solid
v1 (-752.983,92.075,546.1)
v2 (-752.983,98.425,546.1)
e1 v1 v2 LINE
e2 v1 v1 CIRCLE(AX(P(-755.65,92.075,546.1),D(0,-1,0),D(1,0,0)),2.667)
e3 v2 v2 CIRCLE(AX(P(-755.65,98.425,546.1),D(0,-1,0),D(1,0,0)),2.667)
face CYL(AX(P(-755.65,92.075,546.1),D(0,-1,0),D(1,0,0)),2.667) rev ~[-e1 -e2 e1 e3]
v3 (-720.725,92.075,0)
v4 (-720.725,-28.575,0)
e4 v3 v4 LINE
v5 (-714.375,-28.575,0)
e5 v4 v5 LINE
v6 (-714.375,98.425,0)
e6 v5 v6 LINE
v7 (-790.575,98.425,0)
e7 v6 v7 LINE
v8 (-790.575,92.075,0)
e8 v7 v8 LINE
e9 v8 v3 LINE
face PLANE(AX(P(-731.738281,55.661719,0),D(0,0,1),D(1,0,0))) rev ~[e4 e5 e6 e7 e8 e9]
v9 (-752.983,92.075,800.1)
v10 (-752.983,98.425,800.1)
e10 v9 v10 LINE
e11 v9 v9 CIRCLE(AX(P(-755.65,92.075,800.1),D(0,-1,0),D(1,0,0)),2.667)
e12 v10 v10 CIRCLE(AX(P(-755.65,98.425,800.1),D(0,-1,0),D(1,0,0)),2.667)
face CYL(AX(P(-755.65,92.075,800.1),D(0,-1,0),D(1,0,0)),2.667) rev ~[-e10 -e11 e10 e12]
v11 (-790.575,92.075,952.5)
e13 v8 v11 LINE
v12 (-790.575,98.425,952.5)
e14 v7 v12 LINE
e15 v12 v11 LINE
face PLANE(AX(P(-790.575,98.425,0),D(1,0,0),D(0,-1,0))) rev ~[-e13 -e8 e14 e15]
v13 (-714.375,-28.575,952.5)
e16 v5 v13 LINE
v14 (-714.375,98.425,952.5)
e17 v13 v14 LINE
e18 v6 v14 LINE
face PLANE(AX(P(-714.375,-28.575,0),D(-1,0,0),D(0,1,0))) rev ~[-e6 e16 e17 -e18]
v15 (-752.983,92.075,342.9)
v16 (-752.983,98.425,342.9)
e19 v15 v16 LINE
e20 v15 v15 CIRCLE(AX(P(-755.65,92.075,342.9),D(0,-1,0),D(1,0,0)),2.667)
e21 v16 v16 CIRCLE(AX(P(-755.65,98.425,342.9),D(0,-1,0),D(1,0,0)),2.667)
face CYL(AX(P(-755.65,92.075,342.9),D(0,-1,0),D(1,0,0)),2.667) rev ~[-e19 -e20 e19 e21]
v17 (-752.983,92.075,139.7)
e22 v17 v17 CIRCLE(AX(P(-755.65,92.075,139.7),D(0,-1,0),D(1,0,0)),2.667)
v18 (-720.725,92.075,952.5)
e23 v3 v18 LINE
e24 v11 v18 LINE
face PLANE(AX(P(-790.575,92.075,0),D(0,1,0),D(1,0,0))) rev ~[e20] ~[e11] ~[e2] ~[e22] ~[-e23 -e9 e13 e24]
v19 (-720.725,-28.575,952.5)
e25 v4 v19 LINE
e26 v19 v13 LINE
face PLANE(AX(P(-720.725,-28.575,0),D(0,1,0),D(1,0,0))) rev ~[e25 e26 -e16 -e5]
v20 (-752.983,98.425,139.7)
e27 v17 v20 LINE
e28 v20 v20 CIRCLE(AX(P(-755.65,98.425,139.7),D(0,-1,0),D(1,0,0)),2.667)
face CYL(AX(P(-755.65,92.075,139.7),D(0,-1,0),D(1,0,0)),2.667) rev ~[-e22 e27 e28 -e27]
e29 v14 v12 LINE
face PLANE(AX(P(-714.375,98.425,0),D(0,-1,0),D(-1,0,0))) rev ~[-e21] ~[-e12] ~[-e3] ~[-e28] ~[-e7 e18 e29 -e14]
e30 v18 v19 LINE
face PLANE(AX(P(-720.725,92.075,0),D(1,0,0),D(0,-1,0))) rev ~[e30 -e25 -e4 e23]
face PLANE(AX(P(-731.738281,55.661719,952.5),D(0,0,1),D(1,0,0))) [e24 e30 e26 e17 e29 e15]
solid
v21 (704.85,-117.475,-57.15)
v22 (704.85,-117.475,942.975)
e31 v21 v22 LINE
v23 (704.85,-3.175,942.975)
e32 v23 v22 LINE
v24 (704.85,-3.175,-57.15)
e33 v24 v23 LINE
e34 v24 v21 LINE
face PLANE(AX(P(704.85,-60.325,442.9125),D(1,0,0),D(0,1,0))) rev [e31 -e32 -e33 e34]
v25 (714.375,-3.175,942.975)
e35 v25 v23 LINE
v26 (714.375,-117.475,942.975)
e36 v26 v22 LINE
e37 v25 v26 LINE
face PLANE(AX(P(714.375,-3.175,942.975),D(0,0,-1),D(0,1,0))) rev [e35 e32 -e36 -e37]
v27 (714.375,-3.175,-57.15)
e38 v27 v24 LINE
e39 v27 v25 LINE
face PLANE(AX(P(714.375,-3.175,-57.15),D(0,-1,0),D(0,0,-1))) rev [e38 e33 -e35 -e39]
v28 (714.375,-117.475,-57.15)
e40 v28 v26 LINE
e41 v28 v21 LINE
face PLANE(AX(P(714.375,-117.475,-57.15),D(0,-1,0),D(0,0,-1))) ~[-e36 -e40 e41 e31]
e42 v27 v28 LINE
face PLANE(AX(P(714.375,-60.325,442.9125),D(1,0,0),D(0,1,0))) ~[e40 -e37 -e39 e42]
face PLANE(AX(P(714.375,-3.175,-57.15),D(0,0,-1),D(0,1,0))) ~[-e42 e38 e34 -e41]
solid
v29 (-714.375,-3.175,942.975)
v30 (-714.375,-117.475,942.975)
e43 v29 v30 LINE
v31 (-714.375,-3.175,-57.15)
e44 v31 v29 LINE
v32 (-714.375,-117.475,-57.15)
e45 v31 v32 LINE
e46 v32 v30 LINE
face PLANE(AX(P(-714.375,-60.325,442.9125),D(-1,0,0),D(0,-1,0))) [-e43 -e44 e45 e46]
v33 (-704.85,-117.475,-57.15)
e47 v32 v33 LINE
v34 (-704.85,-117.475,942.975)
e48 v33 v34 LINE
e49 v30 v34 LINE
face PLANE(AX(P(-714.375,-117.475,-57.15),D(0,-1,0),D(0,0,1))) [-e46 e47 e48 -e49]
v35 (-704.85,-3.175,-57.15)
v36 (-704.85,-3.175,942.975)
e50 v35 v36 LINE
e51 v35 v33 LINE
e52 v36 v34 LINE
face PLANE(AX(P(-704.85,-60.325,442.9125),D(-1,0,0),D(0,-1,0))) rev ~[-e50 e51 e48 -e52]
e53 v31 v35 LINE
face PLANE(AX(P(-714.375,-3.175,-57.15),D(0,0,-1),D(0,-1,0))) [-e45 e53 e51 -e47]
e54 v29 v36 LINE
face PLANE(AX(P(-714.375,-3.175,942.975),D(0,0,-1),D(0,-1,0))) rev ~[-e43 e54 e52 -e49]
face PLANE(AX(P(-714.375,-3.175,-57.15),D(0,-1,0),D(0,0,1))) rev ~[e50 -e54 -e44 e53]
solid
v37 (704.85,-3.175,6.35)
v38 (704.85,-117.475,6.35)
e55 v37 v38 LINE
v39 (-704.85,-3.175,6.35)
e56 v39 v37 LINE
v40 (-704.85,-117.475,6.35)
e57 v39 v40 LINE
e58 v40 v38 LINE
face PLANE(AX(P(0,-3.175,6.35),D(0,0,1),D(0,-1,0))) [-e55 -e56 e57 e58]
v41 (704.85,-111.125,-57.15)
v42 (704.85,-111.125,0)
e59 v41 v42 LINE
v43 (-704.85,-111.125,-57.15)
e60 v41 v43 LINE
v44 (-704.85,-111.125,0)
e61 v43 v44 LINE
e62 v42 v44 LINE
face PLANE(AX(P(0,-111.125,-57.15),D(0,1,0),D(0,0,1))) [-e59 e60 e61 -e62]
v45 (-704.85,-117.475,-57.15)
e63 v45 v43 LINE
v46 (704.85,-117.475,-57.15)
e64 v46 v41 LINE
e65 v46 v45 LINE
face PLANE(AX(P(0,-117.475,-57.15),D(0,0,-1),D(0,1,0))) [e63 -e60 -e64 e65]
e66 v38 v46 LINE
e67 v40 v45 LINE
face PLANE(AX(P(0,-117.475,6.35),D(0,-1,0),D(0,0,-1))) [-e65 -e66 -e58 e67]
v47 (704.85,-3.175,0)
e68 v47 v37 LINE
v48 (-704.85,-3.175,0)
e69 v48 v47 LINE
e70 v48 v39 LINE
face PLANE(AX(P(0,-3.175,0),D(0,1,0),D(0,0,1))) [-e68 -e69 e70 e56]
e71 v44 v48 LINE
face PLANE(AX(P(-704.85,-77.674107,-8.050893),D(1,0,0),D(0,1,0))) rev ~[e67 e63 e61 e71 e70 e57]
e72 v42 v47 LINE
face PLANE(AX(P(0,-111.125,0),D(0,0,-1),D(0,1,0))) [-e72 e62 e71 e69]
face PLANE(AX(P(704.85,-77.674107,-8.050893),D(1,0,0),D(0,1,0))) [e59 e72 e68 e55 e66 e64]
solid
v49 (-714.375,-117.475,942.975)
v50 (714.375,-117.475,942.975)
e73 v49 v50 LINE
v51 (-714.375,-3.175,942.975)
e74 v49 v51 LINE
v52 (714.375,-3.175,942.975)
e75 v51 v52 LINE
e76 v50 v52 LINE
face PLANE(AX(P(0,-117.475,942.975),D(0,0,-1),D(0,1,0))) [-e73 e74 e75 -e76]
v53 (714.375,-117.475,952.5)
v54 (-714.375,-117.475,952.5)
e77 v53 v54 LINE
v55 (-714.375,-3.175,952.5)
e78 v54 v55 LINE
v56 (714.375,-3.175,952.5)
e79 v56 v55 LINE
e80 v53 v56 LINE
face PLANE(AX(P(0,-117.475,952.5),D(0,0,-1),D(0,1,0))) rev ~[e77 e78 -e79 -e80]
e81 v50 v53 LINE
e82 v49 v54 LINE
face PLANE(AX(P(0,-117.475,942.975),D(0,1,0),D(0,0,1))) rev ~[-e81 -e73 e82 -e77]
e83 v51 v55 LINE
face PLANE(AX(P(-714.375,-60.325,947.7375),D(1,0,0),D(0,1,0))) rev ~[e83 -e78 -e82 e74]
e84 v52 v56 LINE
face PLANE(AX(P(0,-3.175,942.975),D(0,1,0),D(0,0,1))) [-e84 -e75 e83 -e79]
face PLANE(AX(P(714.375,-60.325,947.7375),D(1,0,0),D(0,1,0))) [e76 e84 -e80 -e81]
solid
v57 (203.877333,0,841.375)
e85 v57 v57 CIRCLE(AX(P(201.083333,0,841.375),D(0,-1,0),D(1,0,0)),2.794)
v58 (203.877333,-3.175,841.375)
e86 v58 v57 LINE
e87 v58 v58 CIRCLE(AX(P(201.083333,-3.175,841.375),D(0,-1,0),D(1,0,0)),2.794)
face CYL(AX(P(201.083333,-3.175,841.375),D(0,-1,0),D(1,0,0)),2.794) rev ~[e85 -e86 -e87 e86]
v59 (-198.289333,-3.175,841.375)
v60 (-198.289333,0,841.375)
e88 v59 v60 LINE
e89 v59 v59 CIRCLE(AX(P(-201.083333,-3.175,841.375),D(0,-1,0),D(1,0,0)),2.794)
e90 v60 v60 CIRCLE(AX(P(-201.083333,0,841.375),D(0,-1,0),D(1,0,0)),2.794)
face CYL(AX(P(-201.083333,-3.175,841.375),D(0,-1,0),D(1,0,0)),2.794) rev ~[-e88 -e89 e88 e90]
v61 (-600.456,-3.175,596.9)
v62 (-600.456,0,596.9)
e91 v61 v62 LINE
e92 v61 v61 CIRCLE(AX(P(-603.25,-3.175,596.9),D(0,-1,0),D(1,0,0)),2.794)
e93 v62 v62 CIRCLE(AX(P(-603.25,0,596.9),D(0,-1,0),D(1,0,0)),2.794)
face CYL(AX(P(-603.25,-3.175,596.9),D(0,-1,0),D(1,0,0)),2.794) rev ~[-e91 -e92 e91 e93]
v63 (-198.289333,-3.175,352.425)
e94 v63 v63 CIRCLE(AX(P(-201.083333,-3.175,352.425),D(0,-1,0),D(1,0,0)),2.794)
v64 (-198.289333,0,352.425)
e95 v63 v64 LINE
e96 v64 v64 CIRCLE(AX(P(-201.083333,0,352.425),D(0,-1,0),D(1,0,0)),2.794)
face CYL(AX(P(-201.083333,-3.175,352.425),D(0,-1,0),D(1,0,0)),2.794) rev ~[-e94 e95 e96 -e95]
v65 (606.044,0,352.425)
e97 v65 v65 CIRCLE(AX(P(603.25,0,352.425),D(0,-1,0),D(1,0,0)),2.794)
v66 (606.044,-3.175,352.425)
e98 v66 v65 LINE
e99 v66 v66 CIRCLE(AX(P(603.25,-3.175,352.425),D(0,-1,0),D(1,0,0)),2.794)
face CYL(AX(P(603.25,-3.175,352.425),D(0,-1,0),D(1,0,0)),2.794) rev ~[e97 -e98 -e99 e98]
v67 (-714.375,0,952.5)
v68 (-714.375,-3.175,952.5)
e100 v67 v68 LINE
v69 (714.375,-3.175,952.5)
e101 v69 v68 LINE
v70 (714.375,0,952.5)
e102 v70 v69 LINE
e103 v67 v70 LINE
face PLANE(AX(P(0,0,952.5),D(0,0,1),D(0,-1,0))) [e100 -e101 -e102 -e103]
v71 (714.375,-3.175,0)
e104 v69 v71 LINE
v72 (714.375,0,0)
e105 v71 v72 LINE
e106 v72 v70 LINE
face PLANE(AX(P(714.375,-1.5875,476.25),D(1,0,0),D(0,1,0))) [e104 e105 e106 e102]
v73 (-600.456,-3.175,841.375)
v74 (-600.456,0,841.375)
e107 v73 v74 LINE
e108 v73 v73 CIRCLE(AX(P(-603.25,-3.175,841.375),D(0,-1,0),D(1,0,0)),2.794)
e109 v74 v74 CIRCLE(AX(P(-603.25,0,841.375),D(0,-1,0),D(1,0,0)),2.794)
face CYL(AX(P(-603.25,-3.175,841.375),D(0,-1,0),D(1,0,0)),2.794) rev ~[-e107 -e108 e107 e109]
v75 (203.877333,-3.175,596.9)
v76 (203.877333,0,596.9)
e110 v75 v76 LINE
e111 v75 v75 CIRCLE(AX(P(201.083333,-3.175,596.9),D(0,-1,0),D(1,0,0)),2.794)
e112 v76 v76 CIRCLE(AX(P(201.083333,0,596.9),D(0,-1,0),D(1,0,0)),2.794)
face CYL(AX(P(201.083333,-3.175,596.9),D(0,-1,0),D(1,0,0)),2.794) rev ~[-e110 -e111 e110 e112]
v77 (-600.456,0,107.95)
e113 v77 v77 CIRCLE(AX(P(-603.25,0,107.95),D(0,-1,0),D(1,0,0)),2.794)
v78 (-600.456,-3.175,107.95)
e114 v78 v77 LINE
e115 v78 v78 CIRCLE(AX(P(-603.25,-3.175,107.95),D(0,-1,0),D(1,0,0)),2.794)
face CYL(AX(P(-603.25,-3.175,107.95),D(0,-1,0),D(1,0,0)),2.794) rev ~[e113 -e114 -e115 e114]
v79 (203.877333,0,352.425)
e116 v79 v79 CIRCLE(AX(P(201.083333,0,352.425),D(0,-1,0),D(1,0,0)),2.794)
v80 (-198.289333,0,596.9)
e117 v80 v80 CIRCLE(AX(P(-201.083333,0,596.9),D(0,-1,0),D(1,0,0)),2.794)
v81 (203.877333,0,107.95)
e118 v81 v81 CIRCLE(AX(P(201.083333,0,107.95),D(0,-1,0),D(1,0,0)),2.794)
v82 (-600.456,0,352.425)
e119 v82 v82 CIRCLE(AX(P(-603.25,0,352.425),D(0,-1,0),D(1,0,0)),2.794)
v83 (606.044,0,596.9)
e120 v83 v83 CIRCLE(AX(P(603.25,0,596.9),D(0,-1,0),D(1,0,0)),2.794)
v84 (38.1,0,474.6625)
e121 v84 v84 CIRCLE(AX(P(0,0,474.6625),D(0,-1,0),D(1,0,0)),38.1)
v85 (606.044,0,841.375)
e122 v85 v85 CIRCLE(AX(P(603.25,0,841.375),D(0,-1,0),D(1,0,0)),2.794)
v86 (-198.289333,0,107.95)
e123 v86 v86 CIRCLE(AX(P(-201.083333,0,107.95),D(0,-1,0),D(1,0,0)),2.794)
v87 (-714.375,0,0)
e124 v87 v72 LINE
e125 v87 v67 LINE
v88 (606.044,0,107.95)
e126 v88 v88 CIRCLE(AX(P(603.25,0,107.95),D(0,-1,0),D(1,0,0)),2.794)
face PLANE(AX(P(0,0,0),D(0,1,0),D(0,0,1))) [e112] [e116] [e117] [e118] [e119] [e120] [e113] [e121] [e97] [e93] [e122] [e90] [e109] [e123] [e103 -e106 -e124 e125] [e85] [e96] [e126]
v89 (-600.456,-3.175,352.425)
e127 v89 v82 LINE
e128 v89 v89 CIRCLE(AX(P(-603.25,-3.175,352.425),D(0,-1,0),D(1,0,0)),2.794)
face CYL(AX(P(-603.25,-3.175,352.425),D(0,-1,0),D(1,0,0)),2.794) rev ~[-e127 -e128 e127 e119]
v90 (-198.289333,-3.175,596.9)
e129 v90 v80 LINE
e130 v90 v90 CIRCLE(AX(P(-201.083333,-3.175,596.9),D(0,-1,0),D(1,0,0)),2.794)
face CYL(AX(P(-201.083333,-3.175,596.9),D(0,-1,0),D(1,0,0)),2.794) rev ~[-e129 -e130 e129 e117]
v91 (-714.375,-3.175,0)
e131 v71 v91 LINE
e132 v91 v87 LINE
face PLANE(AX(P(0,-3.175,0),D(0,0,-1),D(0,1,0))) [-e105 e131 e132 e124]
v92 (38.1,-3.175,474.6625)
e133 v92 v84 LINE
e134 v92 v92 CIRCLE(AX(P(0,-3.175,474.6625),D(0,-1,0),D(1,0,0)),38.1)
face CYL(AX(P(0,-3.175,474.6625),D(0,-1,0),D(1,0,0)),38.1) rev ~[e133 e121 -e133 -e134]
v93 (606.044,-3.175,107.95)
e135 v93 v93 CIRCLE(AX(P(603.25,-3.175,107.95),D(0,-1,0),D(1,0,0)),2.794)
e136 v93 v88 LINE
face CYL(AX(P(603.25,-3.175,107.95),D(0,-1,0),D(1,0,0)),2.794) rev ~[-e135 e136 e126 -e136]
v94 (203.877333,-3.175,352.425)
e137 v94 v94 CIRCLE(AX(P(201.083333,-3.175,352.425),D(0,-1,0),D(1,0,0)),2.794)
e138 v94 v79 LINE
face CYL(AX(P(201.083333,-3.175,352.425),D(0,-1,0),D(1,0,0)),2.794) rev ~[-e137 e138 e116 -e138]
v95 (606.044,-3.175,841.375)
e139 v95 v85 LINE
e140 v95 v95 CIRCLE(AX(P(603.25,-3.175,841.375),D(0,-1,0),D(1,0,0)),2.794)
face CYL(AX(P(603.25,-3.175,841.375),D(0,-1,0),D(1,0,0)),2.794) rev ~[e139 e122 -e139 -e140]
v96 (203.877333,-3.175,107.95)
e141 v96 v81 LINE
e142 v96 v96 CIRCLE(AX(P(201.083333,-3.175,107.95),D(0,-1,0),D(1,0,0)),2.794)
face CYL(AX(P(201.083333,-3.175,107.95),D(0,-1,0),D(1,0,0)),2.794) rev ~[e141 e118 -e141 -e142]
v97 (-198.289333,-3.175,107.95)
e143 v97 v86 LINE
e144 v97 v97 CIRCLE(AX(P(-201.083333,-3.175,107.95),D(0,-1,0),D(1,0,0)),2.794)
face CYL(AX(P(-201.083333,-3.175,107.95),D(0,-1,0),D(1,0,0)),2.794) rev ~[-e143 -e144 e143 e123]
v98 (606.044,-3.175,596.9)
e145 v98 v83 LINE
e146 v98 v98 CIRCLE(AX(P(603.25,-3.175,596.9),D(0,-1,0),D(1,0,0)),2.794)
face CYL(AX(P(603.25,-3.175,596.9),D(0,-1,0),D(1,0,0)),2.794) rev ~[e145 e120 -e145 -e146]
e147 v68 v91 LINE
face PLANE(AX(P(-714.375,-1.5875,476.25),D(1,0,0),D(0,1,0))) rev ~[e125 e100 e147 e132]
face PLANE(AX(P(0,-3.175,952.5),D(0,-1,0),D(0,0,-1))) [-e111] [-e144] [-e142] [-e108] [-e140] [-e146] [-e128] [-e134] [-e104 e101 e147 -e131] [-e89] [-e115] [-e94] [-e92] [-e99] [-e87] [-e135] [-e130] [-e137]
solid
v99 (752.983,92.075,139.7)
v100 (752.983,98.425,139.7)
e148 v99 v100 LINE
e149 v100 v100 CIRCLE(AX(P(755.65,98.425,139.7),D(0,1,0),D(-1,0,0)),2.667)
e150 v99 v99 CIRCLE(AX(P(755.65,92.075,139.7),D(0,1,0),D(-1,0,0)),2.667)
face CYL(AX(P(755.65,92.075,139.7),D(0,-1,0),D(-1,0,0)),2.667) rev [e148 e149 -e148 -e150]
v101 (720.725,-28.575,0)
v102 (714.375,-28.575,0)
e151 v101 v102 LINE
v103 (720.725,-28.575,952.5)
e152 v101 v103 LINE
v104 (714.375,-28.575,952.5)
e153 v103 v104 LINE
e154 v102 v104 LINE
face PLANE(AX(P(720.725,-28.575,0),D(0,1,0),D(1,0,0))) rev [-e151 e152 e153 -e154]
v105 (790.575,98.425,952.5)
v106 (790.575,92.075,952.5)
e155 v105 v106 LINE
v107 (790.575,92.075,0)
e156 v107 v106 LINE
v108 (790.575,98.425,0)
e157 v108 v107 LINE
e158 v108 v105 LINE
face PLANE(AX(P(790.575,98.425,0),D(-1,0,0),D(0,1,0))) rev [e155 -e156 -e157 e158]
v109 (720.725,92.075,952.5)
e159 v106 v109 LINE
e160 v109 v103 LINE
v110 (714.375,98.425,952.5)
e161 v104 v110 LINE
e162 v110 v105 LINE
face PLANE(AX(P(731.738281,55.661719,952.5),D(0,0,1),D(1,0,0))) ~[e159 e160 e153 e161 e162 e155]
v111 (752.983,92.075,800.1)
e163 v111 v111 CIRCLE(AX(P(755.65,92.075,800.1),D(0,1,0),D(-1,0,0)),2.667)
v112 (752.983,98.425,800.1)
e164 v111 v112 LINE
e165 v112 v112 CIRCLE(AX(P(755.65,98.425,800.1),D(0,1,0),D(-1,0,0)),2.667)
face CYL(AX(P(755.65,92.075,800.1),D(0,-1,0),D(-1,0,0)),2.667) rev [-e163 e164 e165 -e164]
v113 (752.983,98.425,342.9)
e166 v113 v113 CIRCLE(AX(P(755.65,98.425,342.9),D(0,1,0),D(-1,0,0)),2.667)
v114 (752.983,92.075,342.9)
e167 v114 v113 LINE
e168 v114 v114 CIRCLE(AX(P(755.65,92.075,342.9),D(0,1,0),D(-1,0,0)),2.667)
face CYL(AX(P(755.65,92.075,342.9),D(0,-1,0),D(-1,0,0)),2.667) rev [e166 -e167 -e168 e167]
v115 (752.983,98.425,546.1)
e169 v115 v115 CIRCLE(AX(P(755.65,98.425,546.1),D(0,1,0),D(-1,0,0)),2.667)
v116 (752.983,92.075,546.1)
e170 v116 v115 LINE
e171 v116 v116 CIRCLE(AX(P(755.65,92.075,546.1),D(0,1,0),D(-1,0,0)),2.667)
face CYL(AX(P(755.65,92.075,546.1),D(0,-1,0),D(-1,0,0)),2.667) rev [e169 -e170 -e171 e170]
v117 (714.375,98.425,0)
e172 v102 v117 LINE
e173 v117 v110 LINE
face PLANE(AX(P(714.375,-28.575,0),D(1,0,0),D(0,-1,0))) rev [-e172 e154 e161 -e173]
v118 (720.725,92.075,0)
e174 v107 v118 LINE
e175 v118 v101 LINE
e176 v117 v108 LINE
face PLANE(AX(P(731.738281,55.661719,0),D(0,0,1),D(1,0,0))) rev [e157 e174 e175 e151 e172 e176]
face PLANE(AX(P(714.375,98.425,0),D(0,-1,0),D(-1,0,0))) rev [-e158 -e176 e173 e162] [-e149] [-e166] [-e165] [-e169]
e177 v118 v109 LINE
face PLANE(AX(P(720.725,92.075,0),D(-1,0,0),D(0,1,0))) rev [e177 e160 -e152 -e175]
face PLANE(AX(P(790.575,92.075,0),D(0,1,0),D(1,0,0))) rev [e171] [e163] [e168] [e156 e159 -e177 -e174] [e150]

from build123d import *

# Parameters (mm, degrees)
F2_DEPTH  = 714.375
F1_W      = 114.3
F1_H      = 9.525
F3_DEPTH  = 714.375
F4_DEPTH  = 704.85
F5_W      = 114.3
F5_H      = 1000.125
F6_DEPTH  = 9.525
F8_R      = 2.794
F8_R_2    = 38.1
F9_DEPTH  = 3.176
F11_DEPTH = 952.5
F12_R     = 2.667
F13_DEPTH = 6.351


with BuildPart() as f2:
    # F1 (on Right) → F2 (new body, symmetric)
    with BuildSketch(Plane.YZ):
        Polygon((-3.175, 0), (0, 0), (0, 952.5), (-3.175, 952.5), (-3.175, 942.975), (-3.175, 6.35), align=None)
    extrude(amount=F2_DEPTH, both=True)

    # F8 (on face) → F9 (cut, through all)
    with BuildSketch(Plane.XZ.offset(3.175)):
        with Locations((-603.25, 841.375)):
            Circle(F8_R)
        with Locations((-201.0833333333, 841.375)):
            Circle(F8_R)
        with Locations((201.0833333333, 841.375)):
            Circle(F8_R)
        with Locations((603.25, 841.375)):
            Circle(F8_R)
        with Locations((603.25, 596.9)):
            Circle(F8_R)
        with Locations((603.25, 352.425)):
            Circle(F8_R)
        with Locations((603.25, 107.95)):
            Circle(F8_R)
        with Locations((201.0833333333, 107.95)):
            Circle(F8_R)
        with Locations((201.0833333333, 596.9)):
            Circle(F8_R)
        with Locations((201.0833333333, 352.425)):
            Circle(F8_R)
        with Locations((-201.0833333333, 352.425)):
            Circle(F8_R)
        with Locations((-201.0833333333, 596.9)):
            Circle(F8_R)
        with Locations((-201.0833333333, 107.95)):
            Circle(F8_R)
        with Locations((-603.25, 107.95)):
            Circle(F8_R)
        with Locations((-603.25, 596.9)):
            Circle(F8_R)
        with Locations((-603.25, 352.425)):
            Circle(F8_R)
        with Locations((0, 474.6625)):
            Circle(F8_R_2)
    extrude(amount=-F9_DEPTH, mode=Mode.SUBTRACT)


with BuildPart() as f3:
    # F1 (on Right) → F3 (new body, symmetric)
    with BuildSketch(Plane.YZ):
        with Locations((-60.325, 947.7375)):
            Rectangle(F1_W, F1_H)
    extrude(amount=F3_DEPTH, both=True)


with BuildPart() as f4:
    # F1 (on Right) → F4 (new body, symmetric)
    with BuildSketch(Plane.YZ):
        Polygon((-111.125, 0), (-3.175, 0), (-3.175, 6.35), (-117.475, 6.35), (-117.475, -57.15), (-111.125, -57.15), align=None)
    extrude(amount=F4_DEPTH, both=True)


with BuildPart() as f6:
    # F5 (on face) → F6 (new body, through all)
    with BuildSketch(Plane(origin=(-714.375, 0, 0), x_dir=(0, -1, 0), z_dir=(-1, 0, 0))):
        with Locations((60.325, 442.9125)):
            Rectangle(F5_W, F5_H)
    extrude(amount=-F6_DEPTH)


with BuildPart() as f7_1:
    # F7: instance of F6
    add(f6.part.mirror(Plane.YZ))


with BuildPart() as f11:
    # F10 (on Top) → F11 (new body, through all)
    with BuildSketch(Plane.XY):
        Polygon((-714.375, 98.425), (-790.575, 98.425), (-790.575, 92.075), (-720.725, 92.075), (-720.725, -28.575), (-714.375, -28.575), align=None)
    extrude(amount=F11_DEPTH)

    # F12 (on face) → F13 (cut, through all)
    with BuildSketch(Plane.XZ.offset(-92.075)):
        with Locations((-755.65, 800.1)):
            Circle(F12_R)
        with Locations((-755.65, 546.1)):
            Circle(F12_R)
        with Locations((-755.65, 139.7)):
            Circle(F12_R)
        with Locations((-755.65, 342.9)):
            Circle(F12_R)
    extrude(amount=-F13_DEPTH, mode=Mode.SUBTRACT)


with BuildPart() as f14_1:
    # F14: instance of F11
    add(f11.part.mirror(Plane.YZ))


solid = Compound([f2.part, f3.part, f4.part, f6.part, f7_1.part, f11.part, f14_1.part])
